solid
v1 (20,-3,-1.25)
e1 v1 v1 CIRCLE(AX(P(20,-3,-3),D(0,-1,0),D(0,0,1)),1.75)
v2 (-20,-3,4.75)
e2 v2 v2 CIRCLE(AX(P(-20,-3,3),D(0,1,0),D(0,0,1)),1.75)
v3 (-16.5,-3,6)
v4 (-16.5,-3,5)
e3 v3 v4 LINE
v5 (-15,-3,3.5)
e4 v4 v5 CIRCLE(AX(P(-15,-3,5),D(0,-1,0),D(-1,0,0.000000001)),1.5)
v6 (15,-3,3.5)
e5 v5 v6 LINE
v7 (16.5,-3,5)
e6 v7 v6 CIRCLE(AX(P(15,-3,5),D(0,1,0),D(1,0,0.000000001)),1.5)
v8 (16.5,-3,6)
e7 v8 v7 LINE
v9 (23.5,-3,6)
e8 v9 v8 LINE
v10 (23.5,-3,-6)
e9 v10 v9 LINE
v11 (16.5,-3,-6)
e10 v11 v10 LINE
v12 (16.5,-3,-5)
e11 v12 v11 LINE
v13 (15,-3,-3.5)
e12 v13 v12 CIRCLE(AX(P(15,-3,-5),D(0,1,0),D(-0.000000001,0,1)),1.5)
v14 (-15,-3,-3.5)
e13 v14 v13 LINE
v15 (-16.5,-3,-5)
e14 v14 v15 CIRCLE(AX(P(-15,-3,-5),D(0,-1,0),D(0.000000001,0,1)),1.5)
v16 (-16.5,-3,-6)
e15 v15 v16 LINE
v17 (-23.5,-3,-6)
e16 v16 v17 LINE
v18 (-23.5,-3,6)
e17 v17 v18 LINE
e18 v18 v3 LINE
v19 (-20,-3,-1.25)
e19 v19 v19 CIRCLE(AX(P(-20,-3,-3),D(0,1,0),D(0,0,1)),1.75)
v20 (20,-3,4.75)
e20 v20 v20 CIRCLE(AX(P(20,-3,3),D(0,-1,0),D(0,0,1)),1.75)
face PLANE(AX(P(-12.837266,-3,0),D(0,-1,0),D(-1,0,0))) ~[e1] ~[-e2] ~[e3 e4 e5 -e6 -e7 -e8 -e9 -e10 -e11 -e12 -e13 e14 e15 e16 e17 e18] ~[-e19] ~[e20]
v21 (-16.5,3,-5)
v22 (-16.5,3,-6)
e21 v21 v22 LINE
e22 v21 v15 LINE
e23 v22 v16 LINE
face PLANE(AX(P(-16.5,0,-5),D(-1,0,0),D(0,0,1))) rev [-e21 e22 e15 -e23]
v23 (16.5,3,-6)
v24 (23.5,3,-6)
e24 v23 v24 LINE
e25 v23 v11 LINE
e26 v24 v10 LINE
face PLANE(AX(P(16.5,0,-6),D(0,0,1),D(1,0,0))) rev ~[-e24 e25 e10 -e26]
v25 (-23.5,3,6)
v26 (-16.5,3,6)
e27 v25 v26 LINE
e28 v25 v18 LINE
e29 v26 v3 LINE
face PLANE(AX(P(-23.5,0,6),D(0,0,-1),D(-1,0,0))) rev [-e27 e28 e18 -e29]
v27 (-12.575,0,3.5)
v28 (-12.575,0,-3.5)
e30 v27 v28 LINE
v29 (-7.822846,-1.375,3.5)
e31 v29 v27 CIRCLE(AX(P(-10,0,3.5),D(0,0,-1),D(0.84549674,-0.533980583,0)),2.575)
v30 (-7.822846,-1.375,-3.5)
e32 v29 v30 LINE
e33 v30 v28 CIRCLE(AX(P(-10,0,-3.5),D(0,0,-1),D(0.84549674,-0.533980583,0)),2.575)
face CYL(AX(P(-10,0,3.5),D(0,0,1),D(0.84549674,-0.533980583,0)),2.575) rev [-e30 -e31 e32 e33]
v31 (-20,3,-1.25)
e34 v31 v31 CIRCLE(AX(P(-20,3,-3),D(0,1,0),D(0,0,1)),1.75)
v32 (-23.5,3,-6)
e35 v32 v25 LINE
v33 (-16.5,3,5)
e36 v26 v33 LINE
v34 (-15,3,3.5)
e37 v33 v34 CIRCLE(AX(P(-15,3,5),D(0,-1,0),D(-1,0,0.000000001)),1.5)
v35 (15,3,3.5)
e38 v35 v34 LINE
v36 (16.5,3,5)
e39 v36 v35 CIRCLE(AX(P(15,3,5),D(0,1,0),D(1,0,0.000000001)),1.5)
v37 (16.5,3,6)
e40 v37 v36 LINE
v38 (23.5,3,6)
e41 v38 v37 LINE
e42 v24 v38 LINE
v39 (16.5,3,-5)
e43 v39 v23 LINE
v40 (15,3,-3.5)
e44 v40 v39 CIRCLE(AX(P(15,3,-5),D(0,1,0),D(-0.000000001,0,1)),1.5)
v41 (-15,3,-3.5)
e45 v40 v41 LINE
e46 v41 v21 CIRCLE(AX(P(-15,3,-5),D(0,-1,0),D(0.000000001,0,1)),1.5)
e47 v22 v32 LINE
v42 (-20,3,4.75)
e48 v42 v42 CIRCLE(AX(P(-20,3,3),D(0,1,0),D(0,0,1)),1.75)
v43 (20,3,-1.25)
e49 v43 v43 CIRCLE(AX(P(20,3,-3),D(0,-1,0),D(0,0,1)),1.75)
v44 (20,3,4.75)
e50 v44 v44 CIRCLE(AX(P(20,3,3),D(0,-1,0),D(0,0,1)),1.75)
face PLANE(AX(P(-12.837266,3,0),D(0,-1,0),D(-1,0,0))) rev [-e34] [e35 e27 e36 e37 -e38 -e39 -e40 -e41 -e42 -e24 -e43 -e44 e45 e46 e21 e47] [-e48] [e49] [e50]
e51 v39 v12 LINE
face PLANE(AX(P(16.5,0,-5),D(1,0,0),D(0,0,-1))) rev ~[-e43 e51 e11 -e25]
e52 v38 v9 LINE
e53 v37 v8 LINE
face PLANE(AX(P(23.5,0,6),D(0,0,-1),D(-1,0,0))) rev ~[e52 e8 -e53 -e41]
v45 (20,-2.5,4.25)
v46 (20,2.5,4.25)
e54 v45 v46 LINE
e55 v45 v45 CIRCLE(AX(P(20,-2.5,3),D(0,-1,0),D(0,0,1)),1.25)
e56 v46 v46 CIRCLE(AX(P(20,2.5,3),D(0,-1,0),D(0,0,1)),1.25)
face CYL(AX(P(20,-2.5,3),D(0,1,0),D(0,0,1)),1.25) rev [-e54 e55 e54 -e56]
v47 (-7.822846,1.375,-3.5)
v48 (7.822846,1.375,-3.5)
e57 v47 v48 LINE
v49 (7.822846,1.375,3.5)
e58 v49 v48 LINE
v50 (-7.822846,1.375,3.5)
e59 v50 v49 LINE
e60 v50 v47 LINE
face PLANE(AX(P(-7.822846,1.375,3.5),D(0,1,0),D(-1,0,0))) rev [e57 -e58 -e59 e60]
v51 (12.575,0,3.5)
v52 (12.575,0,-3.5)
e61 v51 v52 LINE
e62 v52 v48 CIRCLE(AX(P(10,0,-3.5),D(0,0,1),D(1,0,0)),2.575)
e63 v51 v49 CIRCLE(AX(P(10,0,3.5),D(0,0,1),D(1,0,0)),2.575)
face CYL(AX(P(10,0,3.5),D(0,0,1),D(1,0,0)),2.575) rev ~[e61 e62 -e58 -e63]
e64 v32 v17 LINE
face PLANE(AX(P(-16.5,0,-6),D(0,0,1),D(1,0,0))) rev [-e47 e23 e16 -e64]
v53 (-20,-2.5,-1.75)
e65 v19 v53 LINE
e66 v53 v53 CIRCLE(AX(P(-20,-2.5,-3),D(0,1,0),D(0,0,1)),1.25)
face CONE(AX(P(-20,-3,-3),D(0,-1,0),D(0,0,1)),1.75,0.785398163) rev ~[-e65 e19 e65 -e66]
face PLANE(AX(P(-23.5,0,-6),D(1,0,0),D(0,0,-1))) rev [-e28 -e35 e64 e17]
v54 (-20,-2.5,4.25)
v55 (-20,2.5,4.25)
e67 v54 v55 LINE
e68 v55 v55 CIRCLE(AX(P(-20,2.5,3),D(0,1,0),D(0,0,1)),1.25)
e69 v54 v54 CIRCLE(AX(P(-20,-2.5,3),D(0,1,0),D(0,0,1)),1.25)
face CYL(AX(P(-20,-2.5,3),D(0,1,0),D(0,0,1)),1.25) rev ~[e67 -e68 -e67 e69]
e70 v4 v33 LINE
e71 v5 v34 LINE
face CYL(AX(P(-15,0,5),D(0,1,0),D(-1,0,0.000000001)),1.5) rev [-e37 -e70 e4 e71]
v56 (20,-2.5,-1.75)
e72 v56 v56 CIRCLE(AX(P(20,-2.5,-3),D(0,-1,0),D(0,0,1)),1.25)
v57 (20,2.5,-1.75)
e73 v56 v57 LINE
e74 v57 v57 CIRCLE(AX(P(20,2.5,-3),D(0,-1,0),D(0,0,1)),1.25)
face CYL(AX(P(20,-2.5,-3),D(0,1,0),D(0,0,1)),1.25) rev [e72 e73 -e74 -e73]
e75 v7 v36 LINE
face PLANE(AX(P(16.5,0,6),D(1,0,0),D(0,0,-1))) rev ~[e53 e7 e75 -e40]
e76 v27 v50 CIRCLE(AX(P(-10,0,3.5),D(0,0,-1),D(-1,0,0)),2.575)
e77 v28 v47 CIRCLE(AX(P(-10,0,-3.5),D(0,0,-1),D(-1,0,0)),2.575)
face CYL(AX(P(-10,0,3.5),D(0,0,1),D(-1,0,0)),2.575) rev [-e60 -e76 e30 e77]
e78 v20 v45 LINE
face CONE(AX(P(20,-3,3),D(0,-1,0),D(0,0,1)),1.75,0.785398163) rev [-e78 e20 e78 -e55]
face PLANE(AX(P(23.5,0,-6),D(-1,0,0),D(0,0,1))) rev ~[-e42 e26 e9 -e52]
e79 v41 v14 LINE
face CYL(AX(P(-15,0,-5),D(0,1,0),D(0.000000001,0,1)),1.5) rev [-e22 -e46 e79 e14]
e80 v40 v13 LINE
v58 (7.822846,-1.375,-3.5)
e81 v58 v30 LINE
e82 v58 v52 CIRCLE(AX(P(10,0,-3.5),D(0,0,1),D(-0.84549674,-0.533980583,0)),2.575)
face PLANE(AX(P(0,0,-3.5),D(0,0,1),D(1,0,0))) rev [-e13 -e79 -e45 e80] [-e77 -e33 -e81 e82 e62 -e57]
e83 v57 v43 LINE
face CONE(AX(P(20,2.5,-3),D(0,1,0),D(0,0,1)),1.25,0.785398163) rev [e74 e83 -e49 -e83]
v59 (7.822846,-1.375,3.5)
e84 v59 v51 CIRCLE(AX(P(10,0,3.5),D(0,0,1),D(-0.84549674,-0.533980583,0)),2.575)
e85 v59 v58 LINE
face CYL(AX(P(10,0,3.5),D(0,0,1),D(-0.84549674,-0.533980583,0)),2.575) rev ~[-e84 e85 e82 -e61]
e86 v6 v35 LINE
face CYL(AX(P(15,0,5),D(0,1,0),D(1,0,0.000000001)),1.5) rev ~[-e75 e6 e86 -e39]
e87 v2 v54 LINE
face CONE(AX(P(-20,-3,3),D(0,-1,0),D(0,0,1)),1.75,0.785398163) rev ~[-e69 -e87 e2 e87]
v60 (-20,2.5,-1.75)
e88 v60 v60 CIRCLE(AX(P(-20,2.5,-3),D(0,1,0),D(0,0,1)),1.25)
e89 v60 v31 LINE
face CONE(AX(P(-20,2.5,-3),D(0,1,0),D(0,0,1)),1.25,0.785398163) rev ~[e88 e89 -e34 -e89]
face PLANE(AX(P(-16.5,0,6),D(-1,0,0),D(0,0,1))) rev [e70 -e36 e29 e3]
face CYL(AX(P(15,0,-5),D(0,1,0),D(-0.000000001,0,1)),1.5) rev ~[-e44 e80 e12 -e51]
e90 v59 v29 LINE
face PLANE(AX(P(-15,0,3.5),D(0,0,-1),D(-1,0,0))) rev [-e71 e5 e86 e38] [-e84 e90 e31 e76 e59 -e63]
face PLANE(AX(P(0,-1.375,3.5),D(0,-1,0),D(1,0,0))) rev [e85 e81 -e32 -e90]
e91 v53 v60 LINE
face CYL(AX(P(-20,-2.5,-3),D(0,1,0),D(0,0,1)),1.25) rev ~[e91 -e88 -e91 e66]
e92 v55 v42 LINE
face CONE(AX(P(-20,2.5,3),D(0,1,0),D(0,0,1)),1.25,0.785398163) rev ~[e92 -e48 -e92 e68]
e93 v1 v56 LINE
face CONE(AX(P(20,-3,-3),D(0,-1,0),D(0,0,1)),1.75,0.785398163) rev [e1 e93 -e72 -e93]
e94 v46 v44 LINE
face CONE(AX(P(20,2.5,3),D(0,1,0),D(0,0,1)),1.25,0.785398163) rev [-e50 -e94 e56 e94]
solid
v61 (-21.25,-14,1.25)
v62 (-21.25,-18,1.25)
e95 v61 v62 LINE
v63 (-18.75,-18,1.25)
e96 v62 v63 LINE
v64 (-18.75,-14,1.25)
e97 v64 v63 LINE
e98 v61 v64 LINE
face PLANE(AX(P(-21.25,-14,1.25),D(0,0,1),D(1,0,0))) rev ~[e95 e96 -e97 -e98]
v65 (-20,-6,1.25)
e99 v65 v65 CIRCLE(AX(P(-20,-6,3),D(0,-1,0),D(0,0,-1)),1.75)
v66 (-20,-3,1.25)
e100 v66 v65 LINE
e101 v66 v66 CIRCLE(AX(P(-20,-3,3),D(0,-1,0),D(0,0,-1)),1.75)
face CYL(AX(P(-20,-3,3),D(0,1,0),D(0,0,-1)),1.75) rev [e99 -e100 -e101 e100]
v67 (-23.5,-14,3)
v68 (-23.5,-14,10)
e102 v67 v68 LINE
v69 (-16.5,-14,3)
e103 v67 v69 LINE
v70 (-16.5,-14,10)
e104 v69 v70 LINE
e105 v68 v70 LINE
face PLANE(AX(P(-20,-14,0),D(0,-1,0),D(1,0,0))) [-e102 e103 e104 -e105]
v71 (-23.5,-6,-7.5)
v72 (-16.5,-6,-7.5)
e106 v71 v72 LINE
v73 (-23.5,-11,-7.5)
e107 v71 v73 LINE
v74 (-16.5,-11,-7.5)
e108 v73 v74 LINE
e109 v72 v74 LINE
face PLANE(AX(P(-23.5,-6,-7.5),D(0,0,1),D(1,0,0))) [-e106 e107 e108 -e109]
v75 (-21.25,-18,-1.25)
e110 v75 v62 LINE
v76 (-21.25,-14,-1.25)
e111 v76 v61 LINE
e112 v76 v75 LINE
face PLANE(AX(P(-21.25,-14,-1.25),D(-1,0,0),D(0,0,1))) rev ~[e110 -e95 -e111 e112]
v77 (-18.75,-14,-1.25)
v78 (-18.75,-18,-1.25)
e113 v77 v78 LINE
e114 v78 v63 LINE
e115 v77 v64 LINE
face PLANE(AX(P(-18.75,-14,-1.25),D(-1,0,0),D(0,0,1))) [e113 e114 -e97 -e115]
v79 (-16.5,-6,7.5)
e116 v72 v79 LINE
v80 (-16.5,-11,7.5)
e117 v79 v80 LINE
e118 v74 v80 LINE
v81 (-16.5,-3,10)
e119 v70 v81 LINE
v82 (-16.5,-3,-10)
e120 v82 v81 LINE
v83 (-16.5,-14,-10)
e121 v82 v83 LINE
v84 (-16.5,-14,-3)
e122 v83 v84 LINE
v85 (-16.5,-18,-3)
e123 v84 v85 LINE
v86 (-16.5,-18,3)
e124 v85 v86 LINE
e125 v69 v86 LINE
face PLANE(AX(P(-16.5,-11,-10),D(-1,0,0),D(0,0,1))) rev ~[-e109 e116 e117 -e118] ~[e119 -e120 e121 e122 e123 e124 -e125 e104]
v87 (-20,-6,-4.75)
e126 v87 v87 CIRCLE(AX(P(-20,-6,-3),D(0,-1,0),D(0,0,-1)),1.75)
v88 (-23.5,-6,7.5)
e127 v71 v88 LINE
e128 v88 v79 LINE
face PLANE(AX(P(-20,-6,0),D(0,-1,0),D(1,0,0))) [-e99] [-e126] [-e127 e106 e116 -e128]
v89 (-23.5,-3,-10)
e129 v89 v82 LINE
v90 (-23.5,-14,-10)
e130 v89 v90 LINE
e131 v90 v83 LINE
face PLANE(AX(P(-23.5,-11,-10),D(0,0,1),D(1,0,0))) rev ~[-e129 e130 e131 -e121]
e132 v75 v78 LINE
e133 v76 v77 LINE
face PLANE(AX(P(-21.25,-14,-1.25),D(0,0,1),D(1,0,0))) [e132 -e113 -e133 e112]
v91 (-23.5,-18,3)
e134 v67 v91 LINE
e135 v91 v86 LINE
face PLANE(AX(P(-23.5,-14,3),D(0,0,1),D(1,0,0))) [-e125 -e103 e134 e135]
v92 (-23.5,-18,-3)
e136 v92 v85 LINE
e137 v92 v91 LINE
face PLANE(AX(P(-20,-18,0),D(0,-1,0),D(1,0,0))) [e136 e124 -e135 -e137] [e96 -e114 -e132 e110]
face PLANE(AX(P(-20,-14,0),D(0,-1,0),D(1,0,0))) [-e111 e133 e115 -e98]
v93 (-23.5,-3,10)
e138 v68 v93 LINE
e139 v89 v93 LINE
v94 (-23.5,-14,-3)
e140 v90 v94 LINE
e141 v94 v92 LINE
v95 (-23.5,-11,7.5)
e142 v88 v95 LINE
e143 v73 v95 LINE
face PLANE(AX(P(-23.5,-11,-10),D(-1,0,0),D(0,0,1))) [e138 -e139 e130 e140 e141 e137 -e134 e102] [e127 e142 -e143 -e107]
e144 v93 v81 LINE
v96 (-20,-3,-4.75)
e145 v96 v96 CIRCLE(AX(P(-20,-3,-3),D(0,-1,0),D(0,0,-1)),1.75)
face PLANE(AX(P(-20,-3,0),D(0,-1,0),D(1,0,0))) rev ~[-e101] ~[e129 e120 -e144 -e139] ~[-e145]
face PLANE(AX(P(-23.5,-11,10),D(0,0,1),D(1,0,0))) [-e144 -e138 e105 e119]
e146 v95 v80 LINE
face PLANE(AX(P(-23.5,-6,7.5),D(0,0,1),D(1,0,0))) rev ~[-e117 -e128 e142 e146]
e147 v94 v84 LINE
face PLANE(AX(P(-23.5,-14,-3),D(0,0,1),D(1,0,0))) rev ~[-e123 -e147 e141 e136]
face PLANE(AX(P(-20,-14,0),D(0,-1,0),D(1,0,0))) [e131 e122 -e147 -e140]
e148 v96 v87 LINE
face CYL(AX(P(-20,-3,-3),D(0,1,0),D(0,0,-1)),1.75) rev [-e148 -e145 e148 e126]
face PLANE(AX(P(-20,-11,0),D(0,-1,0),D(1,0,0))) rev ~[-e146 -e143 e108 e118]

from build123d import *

# Parameters (mm, degrees)
BOSS_EXTRUDE1_DEPTH        = 3
CUT_EXTRUDE1_DEPTH         = 26.524498036
M3_TAPPED_HOLE1_AT_2_COUNT = 2
M3_TAPPED_HOLE1_AT_2_PITCH = 6
SKETCH8_W                  = 7
SKETCH8_H                  = 20
SKETCH8_R                  = 1.75
BOSS_EXTRUDE3_DEPTH        = 3
SKETCH9_W                  = 7
SKETCH9_H                  = 2.5
BOSS_EXTRUDE4_DEPTH        = 5
SKETCH10_W                 = 7
SKETCH10_H                 = 20
BOSS_EXTRUDE5_DEPTH        = 3
SKETCH11_W                 = 7
SKETCH11_H                 = 6
SKETCH11_W_2               = 2.5
SKETCH11_H_2               = 2.5
BOSS_EXTRUDE6_DEPTH        = 4


with BuildPart() as part:
    # Sketch1 → Boss-Extrude1 (new, symmetric)
    with BuildSketch(Plane(origin=(0, 0, 0), x_dir=(1, 0, 0), z_dir=(0, 1, 0))):
        with BuildLine():
            Line((0, -3.5), (0, 3.5))
            Line((0, 3.5), (15, 3.5))
            ThreePointArc((15, 3.5), (16.060660172, 3.939339828), (16.5, 5))
            Line((16.5, 5), (16.5, 6))
            Line((16.5, 6), (23.5, 6))
            Line((23.5, 6), (23.5, -6))
            Line((23.5, -6), (16.5, -6))
            Line((16.5, -6), (16.5, -5))
            ThreePointArc((16.5, -5), (16.060660172, -3.939339828), (15, -3.5))
            Line((15, -3.5), (0, -3.5))
        make_face()
    extrude(amount=BOSS_EXTRUDE1_DEPTH, both=True)

    # Sketch2 → Cut-Extrude1 (cut, through all)
    with BuildSketch(Plane.XY.offset(3.5)):
        with BuildLine():
            ThreePointArc((7.822845894, 1.375), (7.425, 0), (7.822845894, -1.375))
            Line((7.822845894, -1.375), (10, -1.375))
            Line((10, -1.375), (10, 1.375))
            Line((10, 1.375), (7.822845894, 1.375))
        make_face()
        with BuildLine():
            Line((10, -1.375), (7.822845894, -1.375))
            ThreePointArc((7.822845894, -1.375), (10.715700069, -2.473539652), (12.575, 0))
            ThreePointArc((12.575, 0), (10.715700069, 2.473539652), (7.822845894, 1.375))
            Line((7.822845894, 1.375), (10, 1.375))
            Line((10, 1.375), (10, -1.375))
        make_face()
        with BuildLine():
            Line((0, 1.375), (0, -1.375))
            Line((0, -1.375), (7.822845894, -1.375))
            ThreePointArc((7.822845894, -1.375), (7.425, 0), (7.822845894, 1.375))
            Line((7.822845894, 1.375), (0, 1.375))
        make_face()
    extrude(amount=-CUT_EXTRUDE1_DEPTH, mode=Mode.SUBTRACT)

    # Sketch5 → M3 Tapped Hole1 (revolve, cut)
    with BuildSketch(Plane(origin=(20, 3, -3), x_dir=(0, 0, 1), z_dir=(1, 0, 0))):
        Polygon((0, 0), (0, 6), (1.75, 6), (1.25, 5.5), (1.25, 0.5), (1.75, 0), align=None)
    m3_tapped_hole1 = revolve(axis=Axis((20, 9.35, -3), (0, -1, 0)), mode=Mode.SUBTRACT)

    # M3 Tapped Hole1 at 2: M3 Tapped Hole1 ×2
    with Locations(*[(0, 0, i * M3_TAPPED_HOLE1_AT_2_PITCH) for i in range(1, M3_TAPPED_HOLE1_AT_2_COUNT)]):
        add(m3_tapped_hole1, mode=Mode.SUBTRACT)

    # Mirror1: part across plane


with BuildPart() as part_1:
    add(part.part)
    add(part.part.mirror(Plane(origin=(0, 0, 0), x_dir=(0, 0, 1), z_dir=(1, 0, 0))))


with BuildPart() as body_2:
    # Sketch8 → Boss-Extrude3 (new body)
    with BuildSketch(Plane.XZ.offset(3)):
        with Locations((-20, 0)):
            Rectangle(SKETCH8_W, SKETCH8_H)
        with Locations(Location((-20, -3, 0), (0, 0, 270))):
            Circle(SKETCH8_R, mode=Mode.SUBTRACT)
        with Locations(Location((-20, 3, 0), (0, 0, 270))):
            Circle(SKETCH8_R, mode=Mode.SUBTRACT)
    extrude(amount=BOSS_EXTRUDE3_DEPTH)

    # Sketch9 → Boss-Extrude4 (add)
    with BuildSketch(Plane.XZ.offset(6)):
        with Locations((-20, 8.75)):
            Rectangle(SKETCH9_W, SKETCH9_H)
        with Locations((-20, -8.75)):
            Rectangle(SKETCH9_W, SKETCH9_H)
    extrude(amount=BOSS_EXTRUDE4_DEPTH)

    # Sketch10 → Boss-Extrude5 (add)
    with BuildSketch(Plane.XZ.offset(11)):
        with Locations((-20, 0)):
            Rectangle(SKETCH10_W, SKETCH10_H)
    extrude(amount=BOSS_EXTRUDE5_DEPTH)

    # Sketch11 → Boss-Extrude6 (add)
    with BuildSketch(Plane.XZ.offset(14)):
        with Locations((-20, 0)):
            Rectangle(SKETCH11_W, SKETCH11_H)
        with Locations((-20, 0)):
            Rectangle(SKETCH11_W_2, SKETCH11_H_2, mode=Mode.SUBTRACT)
    extrude(amount=BOSS_EXTRUDE6_DEPTH)


solid = Compound([part_1.part, body_2.part])
